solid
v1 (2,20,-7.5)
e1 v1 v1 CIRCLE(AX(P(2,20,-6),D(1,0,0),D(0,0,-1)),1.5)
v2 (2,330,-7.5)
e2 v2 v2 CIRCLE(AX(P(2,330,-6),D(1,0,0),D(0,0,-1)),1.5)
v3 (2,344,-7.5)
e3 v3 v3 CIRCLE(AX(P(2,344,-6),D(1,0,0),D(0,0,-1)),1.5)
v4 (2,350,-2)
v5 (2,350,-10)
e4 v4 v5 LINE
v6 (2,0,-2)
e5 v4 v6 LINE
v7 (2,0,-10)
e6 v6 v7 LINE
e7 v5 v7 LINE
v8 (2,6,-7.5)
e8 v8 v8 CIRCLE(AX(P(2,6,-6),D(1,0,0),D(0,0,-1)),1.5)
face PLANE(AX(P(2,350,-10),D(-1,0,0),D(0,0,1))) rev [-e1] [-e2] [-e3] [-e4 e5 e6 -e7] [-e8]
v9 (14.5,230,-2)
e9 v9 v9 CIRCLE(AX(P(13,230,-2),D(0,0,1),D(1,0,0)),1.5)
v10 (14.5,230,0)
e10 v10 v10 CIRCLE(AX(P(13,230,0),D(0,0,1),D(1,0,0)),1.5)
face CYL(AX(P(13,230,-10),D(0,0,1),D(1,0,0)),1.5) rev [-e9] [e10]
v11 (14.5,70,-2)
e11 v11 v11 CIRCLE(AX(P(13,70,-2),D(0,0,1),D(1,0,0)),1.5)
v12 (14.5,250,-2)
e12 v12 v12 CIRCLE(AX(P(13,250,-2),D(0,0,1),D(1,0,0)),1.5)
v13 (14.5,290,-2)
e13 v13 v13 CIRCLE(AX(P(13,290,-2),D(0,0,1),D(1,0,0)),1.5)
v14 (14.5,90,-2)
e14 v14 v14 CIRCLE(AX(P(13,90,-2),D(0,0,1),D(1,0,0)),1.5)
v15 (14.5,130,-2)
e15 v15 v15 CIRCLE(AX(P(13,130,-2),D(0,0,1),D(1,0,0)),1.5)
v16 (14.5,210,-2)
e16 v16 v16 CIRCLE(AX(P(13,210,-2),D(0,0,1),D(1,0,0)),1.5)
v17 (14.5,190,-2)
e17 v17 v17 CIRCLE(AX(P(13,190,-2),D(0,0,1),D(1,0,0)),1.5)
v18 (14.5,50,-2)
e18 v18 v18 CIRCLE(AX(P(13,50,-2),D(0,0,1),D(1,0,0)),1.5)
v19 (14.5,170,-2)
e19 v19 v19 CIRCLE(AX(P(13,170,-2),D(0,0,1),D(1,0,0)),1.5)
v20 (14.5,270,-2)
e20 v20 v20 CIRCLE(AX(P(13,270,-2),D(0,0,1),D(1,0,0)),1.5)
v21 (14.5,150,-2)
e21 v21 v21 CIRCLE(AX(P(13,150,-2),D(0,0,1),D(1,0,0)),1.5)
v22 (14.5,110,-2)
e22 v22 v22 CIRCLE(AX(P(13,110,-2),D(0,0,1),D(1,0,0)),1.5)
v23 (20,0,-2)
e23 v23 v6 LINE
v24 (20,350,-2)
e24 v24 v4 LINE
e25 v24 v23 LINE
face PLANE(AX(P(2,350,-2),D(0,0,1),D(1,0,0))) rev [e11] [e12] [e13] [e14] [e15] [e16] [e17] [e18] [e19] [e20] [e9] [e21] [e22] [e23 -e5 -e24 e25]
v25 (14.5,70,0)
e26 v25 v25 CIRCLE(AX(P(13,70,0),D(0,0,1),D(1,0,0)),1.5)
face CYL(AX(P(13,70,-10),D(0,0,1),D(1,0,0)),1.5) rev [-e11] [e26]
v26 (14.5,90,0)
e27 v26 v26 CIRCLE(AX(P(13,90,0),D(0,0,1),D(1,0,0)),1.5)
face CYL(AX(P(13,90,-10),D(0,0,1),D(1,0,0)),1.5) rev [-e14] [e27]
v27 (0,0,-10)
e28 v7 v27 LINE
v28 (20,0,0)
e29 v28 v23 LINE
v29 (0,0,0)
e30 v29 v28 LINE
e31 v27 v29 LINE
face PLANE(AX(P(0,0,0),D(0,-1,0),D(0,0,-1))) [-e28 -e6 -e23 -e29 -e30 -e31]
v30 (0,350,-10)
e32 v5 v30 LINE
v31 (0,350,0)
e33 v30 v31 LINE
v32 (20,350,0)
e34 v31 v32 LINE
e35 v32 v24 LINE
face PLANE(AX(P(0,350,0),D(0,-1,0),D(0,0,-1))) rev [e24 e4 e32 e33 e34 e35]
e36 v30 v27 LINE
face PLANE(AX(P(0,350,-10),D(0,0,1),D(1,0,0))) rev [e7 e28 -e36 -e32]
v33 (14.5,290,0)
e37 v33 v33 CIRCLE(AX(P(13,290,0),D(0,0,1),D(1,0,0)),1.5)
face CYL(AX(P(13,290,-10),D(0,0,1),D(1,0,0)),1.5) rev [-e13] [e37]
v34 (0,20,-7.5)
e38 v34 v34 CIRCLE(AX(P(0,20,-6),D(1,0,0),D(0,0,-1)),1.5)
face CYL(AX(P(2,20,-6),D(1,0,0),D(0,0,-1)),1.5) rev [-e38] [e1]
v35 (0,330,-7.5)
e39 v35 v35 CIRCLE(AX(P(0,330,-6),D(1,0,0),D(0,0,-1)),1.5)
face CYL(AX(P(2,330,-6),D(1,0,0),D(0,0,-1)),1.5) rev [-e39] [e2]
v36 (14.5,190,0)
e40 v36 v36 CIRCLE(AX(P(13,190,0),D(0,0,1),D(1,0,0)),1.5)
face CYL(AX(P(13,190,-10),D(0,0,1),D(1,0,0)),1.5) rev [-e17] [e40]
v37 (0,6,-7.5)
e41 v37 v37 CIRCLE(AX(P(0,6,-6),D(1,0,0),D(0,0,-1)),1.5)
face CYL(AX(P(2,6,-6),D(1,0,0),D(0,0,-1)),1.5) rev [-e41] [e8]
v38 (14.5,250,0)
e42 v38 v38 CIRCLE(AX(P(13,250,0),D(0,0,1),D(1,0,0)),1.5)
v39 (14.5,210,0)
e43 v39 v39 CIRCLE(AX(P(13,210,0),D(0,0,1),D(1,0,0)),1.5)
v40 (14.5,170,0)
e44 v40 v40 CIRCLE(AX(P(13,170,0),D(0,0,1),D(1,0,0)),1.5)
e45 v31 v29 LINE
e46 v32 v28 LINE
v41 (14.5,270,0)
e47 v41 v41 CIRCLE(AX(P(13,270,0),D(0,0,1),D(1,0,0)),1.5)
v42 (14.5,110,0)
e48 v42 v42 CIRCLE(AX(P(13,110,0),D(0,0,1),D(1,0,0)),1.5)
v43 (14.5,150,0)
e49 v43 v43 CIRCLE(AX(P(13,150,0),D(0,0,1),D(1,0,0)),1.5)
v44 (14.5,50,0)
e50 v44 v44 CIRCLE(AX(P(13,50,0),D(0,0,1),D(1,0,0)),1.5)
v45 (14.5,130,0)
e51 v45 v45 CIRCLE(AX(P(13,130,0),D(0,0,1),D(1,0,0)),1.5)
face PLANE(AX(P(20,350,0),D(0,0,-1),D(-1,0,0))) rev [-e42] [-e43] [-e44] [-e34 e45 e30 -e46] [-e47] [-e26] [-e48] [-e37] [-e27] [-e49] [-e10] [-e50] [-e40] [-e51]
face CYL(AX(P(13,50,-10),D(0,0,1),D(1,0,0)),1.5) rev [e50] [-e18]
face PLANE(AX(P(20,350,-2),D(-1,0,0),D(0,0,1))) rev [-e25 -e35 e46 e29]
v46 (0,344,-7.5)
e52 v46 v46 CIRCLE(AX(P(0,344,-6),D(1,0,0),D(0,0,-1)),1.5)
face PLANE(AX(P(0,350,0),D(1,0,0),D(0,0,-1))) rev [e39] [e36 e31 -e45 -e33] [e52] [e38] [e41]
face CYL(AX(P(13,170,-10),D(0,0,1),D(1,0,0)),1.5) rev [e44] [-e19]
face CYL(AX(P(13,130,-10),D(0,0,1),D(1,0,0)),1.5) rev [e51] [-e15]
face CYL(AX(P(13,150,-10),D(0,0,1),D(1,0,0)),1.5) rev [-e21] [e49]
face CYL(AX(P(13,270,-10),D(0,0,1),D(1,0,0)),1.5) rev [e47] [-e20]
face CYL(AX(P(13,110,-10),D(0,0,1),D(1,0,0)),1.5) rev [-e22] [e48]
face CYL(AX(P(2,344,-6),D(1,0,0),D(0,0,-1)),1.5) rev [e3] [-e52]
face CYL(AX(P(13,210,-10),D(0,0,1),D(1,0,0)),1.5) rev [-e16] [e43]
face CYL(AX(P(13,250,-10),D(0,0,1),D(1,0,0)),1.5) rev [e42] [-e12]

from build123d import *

# Parameters (mm, degrees)
BOSS_EXTRUDE1_DEPTH      = 350
F_3_0_3_DIAMETER_HOLE1_D = 3
F_3_0_3_DIAMETER_HOLE2_D = 3
SKETCH6_R                = 1.5
CUT_EXTRUDE1_DEPTH       = 351.713558335


with BuildPart() as part:
    # Sketch1 → Boss-Extrude1 (new body)
    with BuildSketch(Plane(origin=(0, 0, 0), x_dir=(1, 0, 0), z_dir=(0, 1, 0))):
        Polygon((0, 0), (0, 10), (2, 10), (2, 2), (20, 2), (20, 0), align=None)
    extrude(amount=BOSS_EXTRUDE1_DEPTH)

    # Ø3.0 (3) Diameter Hole1 (through all)
    with Locations(Plane(origin=(2, -11.407632793, -188.67995168), x_dir=(0, 0, -1), z_dir=(1, 0, 0))):
        with Locations((-182.67995168, 17.407632793), (-182.67995168, 31.407632793)):
            Hole(F_3_0_3_DIAMETER_HOLE1_D / 2)

    # Ø3.0 (3) Diameter Hole2 (through all)
    with Locations(Plane(origin=(2, -11.407632793, -188.67995168), x_dir=(0, 0, -1), z_dir=(1, 0, 0))):
        with Locations((-182.67995168, 355.407632793), (-182.67995168, 341.407632793)):
            Hole(F_3_0_3_DIAMETER_HOLE2_D / 2)

    # Sketch6 → Cut-Extrude1 (cut, through all)
    with BuildSketch(Plane.XY):
        with Locations((12.999999986, 290)):
            Circle(SKETCH6_R)
        with Locations((12.999999986, 270)):
            Circle(SKETCH6_R)
        with Locations((12.999999986, 250)):
            Circle(SKETCH6_R)
        with Locations((12.999999986, 230)):
            Circle(SKETCH6_R)
        with Locations((12.999999986, 210)):
            Circle(SKETCH6_R)
        with Locations((12.999999986, 190)):
            Circle(SKETCH6_R)
        with Locations((12.999999986, 170)):
            Circle(SKETCH6_R)
        with Locations((12.999999986, 150)):
            Circle(SKETCH6_R)
        with Locations((12.999999986, 130)):
            Circle(SKETCH6_R)
        with Locations((12.999999986, 110)):
            Circle(SKETCH6_R)
        with Locations((12.999999986, 90)):
            Circle(SKETCH6_R)
        with Locations((12.999999986, 70)):
            Circle(SKETCH6_R)
        with Locations((12.999999986, 50)):
            Circle(SKETCH6_R)
    extrude(amount=-CUT_EXTRUDE1_DEPTH, mode=Mode.SUBTRACT)


solid = part.part
